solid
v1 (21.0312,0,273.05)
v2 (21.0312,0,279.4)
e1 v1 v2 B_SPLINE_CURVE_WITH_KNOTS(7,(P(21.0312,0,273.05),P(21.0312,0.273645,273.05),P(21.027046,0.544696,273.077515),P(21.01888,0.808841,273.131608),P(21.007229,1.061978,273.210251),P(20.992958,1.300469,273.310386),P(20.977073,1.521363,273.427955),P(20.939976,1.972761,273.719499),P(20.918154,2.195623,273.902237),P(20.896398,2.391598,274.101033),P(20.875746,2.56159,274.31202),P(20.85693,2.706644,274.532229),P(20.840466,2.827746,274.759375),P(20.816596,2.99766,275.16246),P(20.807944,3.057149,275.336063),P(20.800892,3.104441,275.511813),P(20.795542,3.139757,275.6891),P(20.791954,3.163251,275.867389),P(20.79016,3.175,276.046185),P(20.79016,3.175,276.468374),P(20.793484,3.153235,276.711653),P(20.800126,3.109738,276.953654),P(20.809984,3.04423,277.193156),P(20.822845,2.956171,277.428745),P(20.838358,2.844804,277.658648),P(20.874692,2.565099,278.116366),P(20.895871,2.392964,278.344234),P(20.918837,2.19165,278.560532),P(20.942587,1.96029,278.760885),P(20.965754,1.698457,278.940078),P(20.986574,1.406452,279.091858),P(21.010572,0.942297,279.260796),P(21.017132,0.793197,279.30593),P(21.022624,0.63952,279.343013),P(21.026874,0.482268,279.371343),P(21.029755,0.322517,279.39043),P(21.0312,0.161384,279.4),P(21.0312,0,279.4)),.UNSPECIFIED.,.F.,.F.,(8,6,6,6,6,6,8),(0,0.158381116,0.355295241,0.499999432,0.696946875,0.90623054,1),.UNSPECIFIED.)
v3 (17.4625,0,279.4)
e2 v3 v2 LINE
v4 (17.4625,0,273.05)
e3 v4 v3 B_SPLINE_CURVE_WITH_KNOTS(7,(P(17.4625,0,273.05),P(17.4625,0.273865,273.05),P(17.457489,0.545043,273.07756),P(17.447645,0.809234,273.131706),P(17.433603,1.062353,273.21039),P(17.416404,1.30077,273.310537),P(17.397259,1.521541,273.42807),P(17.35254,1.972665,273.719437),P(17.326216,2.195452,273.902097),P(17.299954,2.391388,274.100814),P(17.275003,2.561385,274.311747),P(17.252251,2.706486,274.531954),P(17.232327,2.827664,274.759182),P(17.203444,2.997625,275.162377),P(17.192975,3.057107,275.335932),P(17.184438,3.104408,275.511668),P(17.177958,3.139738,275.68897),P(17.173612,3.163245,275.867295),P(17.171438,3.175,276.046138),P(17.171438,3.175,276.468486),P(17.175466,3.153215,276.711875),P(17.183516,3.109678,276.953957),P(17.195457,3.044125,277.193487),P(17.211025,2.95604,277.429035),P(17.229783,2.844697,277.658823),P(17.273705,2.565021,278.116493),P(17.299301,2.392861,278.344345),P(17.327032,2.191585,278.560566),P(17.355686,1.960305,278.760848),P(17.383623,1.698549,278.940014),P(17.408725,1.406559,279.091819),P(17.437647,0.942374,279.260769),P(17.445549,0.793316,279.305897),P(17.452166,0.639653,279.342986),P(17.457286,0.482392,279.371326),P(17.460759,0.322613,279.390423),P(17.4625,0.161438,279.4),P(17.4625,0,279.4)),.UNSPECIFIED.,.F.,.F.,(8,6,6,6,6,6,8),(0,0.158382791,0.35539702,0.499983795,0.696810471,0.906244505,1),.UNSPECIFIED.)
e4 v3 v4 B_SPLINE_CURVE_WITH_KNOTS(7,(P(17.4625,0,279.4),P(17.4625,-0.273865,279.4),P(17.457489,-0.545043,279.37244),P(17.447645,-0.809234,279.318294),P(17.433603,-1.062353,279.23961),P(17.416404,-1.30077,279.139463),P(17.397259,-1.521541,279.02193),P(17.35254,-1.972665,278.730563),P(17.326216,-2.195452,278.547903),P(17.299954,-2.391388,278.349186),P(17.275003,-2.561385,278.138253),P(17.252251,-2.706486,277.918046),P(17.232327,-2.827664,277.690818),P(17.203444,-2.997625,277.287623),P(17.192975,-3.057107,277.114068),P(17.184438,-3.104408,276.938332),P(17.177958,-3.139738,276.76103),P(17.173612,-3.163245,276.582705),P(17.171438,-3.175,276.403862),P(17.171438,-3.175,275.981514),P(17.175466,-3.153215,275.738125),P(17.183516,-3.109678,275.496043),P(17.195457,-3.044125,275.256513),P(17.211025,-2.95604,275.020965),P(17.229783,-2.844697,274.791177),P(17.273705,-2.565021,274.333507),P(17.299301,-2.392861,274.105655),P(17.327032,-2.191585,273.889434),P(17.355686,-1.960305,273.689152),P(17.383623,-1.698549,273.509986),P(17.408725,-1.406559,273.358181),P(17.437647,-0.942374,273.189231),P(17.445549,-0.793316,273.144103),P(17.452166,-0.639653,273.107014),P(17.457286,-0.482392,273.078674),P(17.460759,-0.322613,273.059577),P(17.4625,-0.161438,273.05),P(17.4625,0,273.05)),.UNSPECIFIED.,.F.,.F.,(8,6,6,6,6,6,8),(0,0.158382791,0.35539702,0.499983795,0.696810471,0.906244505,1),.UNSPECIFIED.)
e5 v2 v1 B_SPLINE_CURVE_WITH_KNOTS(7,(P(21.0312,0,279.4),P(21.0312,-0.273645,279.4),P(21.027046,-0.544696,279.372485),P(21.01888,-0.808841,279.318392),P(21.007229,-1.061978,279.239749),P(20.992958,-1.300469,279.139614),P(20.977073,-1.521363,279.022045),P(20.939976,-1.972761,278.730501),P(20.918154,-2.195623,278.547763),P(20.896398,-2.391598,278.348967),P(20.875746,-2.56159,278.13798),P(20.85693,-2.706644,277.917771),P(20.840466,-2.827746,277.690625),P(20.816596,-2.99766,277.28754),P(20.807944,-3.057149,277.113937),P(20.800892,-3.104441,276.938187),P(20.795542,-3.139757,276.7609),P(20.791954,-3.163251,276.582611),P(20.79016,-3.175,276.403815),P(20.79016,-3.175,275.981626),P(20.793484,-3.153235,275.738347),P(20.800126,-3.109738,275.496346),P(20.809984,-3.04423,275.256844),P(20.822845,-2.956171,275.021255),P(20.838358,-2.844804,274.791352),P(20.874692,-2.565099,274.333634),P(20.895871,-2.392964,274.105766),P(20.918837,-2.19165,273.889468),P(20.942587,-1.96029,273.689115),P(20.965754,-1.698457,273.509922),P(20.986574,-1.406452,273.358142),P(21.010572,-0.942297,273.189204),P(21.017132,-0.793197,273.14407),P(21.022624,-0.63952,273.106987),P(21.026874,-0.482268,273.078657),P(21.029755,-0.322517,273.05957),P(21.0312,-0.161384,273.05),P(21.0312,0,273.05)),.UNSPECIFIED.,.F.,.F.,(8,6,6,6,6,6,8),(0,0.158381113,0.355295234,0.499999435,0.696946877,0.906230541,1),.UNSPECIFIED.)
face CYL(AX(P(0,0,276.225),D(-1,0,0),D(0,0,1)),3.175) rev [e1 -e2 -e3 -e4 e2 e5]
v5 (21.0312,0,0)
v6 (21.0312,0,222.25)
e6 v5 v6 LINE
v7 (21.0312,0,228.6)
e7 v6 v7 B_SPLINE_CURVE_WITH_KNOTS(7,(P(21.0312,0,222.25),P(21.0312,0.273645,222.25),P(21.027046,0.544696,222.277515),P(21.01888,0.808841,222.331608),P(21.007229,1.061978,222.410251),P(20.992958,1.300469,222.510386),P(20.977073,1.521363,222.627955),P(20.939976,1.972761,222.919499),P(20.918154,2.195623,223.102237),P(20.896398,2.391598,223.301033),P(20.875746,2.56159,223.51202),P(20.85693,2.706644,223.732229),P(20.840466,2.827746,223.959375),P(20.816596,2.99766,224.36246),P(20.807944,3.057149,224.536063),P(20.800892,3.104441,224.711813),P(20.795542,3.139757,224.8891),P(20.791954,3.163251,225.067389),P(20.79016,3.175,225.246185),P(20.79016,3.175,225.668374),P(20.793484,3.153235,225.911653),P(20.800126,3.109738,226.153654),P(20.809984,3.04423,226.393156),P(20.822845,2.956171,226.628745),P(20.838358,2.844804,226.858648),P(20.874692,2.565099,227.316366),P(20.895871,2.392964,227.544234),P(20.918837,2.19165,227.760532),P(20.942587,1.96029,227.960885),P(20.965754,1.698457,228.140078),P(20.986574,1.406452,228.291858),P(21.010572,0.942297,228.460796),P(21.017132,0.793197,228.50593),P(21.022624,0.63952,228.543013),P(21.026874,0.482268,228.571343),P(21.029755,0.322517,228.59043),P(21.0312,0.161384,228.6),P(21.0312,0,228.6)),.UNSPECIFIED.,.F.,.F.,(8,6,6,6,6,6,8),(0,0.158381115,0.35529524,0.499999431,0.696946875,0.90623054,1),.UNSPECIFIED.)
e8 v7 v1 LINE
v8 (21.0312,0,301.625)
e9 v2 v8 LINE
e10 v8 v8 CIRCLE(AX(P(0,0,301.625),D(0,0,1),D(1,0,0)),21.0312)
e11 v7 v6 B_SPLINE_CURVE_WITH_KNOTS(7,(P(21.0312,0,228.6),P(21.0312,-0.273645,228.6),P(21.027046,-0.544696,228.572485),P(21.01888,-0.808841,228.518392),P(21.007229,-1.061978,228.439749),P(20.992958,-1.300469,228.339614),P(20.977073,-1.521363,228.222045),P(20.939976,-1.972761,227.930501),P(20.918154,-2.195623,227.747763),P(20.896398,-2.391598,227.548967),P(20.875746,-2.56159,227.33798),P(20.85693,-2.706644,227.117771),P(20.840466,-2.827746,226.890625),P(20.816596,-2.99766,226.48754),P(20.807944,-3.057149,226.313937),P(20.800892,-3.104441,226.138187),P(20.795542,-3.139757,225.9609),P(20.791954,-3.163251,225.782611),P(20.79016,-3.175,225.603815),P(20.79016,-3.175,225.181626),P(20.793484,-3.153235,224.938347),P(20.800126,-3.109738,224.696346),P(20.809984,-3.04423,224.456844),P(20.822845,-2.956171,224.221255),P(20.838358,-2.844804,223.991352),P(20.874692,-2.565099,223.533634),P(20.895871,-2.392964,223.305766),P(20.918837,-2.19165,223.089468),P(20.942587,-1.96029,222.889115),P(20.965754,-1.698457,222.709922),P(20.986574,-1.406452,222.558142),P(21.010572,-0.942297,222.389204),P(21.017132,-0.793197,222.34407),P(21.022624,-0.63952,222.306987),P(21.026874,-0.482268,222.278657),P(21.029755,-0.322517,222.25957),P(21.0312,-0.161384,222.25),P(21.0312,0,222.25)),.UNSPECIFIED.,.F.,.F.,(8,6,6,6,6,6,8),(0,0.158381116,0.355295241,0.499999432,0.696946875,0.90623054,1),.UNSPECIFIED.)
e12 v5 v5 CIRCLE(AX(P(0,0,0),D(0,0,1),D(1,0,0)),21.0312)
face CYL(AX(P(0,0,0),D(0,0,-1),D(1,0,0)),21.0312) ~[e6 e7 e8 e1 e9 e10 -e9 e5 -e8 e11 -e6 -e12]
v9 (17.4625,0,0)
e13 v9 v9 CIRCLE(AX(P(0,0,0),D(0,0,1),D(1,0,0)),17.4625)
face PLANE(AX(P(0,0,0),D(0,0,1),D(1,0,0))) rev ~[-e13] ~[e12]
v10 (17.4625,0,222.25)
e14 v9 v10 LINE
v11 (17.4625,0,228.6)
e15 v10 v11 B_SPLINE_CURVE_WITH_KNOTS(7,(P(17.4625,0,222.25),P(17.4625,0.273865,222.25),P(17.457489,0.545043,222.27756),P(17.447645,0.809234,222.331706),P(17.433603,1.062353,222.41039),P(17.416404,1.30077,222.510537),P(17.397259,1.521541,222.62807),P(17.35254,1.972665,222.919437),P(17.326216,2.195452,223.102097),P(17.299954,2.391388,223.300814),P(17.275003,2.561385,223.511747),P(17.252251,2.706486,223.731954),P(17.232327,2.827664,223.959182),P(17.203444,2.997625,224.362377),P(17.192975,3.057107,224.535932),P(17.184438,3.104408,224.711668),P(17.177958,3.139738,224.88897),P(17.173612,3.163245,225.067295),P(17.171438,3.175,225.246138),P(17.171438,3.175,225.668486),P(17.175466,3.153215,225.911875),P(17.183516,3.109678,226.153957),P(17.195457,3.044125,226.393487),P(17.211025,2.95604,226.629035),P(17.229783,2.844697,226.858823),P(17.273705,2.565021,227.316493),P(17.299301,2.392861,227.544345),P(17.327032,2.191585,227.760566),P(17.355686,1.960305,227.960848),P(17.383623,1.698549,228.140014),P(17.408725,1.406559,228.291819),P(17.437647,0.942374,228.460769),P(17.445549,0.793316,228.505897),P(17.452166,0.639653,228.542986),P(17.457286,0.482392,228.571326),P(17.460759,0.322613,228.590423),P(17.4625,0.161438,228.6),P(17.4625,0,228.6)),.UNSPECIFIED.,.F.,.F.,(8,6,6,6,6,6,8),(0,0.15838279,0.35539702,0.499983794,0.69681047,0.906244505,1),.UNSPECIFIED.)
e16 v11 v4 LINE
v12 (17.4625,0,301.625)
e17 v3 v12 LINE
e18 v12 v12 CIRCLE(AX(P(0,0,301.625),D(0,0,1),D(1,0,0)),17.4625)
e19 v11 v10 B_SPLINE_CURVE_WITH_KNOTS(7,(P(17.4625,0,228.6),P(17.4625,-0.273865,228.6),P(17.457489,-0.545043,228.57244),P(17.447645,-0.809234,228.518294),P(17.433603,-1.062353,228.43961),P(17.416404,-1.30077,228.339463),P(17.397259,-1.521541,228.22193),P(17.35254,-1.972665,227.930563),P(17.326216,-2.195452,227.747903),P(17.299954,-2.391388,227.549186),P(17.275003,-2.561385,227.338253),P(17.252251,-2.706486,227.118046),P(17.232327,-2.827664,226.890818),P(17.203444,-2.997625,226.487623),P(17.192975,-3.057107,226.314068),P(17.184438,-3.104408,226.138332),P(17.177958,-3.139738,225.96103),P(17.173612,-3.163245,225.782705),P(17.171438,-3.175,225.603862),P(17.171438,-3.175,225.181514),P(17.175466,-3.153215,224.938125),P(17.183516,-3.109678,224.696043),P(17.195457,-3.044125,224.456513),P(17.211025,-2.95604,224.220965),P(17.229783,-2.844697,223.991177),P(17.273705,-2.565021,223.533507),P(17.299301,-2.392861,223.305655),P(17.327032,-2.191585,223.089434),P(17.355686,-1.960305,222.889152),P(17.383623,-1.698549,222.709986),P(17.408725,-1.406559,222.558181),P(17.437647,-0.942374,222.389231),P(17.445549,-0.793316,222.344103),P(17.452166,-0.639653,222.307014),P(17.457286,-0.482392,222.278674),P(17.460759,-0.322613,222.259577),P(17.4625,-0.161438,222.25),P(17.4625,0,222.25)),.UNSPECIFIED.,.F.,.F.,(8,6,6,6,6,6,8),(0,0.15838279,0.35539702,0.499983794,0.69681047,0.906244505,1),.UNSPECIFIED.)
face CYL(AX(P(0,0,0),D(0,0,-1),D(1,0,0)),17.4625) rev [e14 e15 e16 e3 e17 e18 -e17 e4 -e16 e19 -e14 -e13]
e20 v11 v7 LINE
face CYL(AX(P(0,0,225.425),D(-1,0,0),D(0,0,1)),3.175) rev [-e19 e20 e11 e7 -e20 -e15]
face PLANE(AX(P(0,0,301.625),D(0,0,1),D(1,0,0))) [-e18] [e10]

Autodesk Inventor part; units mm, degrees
ref_plane "XZ Plane" through (0, 0, 0) normal (0, 1, 0) x (-1, 0, 0)
ref_plane "XY Plane" through (0, 0, 0) normal (0, 0, 1) x (1, 0, 0)
sketch "Sketch1" plane through (0, 0, 0) normal (0, 0, 1) x (1, 0, 0)
  circle A0 centre (0, 0) radius 21.0312
  circle A1 centre (0, 0) radius 17.4625
  dimension "d0" = 42.0624
  dimension "d1" = 34.925
extrude "Extrusion1" add sketch "Sketch1" along normal blind 301.625
ref_plane "Work Plane2" through (0, 0, 0) normal (1, 0, 0) x (0, 0, 1)
sketch "Sketch3" plane through (0, 0, 0) normal (1, 0, 0) x (0, 0, 1)
  line L0 (301.625, 17.4625) -> (301.625, -17.4625) projected
  line L1 (301.625, 21.0312) -> (301.625, -21.0312) projected
  line L2 (-60.325, 0) -> (361.95, 0) projected
  circle A0 centre (276.225, 0) radius 3.175
  dimension "d10" = 6.35
  dimension "d11" = 25.4
extrude "Extrusion3" cut sketch "Sketch3" along normal blind 381
pattern_linear "Rectangular Pattern1" count 2 spacing 50.8 along (0, 0, -1) of "Extrusion3"
properties part number "FE-00005-02"
